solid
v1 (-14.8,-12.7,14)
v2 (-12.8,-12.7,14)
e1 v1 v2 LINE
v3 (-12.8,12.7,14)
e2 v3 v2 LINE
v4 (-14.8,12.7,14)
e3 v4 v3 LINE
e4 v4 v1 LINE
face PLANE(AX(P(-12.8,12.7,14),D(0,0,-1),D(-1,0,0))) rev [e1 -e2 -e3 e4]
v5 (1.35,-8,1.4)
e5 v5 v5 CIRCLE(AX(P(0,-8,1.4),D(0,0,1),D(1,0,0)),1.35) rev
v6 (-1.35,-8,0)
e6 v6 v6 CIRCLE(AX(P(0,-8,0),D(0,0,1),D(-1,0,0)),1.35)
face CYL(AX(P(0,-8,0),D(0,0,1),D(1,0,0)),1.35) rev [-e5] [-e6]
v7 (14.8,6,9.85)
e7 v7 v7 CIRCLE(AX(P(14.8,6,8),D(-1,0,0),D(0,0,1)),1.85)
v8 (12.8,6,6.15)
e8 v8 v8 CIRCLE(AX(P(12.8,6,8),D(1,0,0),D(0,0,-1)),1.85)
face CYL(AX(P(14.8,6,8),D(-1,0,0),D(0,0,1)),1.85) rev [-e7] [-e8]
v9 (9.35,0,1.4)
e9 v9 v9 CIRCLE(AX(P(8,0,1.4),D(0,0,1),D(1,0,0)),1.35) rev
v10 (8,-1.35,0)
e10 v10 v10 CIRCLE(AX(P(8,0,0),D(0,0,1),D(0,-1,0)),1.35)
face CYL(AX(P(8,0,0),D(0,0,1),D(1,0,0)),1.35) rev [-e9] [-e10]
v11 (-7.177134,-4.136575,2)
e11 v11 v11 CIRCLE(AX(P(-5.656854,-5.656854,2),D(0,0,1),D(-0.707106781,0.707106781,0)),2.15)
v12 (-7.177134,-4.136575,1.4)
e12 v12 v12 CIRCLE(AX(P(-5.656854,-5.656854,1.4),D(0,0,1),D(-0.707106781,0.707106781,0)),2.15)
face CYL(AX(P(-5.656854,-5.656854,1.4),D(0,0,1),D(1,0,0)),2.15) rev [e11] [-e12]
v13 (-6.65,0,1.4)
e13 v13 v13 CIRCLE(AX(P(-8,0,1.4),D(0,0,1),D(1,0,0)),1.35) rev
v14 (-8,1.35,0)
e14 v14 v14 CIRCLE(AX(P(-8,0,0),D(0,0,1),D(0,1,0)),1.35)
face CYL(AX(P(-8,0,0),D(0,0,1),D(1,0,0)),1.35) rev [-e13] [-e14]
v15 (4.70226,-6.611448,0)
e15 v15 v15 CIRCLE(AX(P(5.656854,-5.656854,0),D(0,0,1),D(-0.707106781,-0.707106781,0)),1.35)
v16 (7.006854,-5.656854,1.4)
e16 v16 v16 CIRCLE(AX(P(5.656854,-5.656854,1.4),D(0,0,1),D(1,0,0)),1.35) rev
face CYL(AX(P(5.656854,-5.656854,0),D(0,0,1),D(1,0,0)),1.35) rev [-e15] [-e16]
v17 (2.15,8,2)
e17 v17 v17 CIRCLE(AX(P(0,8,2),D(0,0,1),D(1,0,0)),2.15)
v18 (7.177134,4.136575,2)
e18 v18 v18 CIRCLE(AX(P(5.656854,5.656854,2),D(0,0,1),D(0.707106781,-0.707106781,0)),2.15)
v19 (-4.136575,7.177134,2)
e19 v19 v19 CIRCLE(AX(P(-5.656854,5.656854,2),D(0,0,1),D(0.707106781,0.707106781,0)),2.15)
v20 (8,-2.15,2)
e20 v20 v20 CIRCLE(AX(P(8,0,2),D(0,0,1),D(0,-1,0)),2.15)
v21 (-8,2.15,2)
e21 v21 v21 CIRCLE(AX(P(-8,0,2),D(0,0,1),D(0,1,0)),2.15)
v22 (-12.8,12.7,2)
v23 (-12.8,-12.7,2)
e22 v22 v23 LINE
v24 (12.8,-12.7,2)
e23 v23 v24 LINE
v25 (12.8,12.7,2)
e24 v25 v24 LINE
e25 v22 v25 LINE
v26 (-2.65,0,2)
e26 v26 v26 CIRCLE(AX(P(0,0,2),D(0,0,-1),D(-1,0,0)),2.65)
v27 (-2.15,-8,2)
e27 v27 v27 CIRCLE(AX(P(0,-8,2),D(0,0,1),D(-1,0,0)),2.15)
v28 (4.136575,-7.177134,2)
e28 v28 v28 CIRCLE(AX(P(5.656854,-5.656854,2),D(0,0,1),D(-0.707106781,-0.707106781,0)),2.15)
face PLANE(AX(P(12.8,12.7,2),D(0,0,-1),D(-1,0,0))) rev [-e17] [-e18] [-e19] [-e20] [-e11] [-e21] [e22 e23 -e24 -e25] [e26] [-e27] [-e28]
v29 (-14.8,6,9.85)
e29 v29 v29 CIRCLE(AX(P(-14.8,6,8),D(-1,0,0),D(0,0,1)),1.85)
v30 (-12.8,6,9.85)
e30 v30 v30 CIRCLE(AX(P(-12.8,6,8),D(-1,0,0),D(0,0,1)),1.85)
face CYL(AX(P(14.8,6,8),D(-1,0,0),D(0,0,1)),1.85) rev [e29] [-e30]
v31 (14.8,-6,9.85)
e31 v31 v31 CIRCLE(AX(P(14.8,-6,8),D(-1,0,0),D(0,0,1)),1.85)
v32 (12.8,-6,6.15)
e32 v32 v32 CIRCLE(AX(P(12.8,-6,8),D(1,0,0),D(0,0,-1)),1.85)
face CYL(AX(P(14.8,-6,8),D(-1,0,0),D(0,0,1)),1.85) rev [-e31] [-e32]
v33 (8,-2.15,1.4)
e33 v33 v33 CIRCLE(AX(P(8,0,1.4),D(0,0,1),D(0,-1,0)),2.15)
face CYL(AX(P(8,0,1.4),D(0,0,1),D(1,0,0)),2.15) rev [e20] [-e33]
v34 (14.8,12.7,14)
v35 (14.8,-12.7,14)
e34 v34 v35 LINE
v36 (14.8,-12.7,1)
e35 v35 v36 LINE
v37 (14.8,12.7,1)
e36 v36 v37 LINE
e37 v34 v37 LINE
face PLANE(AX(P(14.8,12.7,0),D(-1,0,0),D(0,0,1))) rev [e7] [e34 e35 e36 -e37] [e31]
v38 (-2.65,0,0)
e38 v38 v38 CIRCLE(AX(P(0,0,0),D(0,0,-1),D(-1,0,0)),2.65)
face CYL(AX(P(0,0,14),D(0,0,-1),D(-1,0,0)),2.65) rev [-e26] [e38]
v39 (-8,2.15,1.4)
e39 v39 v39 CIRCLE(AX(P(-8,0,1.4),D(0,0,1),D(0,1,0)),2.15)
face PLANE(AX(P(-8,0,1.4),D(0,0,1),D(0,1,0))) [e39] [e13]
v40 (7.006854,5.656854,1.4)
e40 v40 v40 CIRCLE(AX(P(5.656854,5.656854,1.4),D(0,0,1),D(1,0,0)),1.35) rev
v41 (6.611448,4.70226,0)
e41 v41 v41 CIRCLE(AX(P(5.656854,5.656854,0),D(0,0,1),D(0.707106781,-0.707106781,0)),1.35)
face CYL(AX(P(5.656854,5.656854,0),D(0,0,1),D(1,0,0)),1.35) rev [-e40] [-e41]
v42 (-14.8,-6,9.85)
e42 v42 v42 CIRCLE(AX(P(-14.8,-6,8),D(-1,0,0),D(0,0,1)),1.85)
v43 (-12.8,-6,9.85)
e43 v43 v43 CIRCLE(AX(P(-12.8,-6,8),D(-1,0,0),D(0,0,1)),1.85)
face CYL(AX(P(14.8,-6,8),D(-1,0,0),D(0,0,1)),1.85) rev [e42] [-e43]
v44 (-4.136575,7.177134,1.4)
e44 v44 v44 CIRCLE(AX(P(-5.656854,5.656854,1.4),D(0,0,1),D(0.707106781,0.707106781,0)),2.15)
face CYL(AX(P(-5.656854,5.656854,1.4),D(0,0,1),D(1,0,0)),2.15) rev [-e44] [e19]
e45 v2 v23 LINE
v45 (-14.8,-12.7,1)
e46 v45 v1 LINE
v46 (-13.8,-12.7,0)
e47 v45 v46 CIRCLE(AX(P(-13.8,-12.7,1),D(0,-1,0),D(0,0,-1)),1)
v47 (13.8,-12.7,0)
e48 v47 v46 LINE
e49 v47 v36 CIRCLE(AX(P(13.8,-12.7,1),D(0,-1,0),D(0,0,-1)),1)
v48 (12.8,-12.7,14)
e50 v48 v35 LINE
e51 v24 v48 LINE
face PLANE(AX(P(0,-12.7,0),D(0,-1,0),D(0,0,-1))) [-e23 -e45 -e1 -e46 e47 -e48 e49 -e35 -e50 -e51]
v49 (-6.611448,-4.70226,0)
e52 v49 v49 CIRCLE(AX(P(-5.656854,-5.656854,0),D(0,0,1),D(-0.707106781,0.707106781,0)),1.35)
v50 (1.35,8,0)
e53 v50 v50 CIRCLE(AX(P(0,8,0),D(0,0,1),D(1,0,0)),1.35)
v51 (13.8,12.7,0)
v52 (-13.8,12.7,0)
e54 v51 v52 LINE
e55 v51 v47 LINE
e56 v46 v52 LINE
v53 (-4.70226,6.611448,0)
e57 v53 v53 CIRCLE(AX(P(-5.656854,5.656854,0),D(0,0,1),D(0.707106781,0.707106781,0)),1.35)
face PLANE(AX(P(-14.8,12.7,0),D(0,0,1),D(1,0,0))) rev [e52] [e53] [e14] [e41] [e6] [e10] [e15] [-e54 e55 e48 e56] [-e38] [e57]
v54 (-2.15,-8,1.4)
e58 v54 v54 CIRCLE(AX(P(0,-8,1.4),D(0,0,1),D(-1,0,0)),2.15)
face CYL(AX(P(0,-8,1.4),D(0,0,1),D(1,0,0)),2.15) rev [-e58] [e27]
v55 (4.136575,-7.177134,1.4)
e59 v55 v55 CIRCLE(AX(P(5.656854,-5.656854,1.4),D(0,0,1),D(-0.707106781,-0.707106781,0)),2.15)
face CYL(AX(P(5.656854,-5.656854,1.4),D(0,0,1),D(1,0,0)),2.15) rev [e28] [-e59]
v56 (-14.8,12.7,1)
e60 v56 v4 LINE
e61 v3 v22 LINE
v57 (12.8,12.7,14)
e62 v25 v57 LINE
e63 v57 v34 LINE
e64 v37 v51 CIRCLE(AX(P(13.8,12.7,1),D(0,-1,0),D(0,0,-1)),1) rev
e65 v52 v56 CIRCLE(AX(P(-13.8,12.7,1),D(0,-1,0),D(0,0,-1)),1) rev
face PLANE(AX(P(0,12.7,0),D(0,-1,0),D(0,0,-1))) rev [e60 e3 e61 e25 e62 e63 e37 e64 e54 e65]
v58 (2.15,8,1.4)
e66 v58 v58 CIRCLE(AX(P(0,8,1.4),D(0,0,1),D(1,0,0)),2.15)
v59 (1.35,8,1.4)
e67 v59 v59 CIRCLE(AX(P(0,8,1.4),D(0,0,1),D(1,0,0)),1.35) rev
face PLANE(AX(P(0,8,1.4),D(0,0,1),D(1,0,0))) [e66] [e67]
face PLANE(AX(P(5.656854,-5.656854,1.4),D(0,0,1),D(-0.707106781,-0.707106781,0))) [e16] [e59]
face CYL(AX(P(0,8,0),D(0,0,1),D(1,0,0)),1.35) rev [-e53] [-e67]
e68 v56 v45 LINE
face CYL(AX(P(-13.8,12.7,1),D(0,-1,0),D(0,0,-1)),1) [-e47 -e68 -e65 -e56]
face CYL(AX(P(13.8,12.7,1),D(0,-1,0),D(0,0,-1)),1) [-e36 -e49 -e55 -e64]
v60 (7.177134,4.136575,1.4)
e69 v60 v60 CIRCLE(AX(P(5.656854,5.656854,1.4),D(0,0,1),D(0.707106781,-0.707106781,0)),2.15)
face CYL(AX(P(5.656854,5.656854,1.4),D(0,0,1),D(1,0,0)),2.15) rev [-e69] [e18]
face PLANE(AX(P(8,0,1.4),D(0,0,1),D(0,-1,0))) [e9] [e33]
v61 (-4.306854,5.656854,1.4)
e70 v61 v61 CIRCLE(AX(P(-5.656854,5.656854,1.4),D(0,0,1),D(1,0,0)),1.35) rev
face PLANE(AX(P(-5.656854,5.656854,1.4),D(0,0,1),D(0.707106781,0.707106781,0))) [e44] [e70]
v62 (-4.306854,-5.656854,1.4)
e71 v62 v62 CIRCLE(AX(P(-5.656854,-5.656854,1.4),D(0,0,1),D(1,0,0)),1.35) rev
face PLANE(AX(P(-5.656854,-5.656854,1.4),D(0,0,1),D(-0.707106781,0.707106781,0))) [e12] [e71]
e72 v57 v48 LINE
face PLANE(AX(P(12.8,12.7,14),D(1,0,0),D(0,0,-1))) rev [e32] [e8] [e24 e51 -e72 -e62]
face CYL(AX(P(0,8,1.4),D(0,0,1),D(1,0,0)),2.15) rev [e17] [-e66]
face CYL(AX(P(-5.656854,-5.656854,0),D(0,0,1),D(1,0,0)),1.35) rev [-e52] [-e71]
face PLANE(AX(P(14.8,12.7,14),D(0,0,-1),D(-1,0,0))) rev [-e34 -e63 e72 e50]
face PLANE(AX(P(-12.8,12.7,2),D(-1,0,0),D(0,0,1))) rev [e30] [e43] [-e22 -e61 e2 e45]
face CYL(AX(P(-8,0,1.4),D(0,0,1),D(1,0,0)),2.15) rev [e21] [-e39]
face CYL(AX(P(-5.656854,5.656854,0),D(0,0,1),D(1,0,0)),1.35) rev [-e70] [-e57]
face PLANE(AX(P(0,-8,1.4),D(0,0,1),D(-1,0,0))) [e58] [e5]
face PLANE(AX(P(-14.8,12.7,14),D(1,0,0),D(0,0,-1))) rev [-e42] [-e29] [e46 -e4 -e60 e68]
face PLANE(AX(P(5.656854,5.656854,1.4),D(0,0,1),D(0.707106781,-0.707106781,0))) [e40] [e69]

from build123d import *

# Parameters (mm, degrees)
BOSS_EXTRUDE1_DEPTH = 12.7
SKETCH2_R           = 1.85
CUT_EXTRUDE1_DEPTH  = 30.6
SKETCH3_R           = 2.65
CUT_EXTRUDE2_DEPTH  = 15
SKETCH4_R           = 1.35
CUT_EXTRUDE3_DEPTH  = 3
SKETCH5_R           = 2.15
CUT_EXTRUDE4_DEPTH  = 0.6
CIRPATTERN1_COUNT   = 8
FILLET1_R           = 1


with BuildPart() as part:
    # Sketch1 → Boss-Extrude1 (new body, symmetric)
    with BuildSketch(Plane(origin=(0, 0, 0), x_dir=(1, 0, 0), z_dir=(0, 1, 0))):
        Polygon((-14.8, 0), (14.8, 0), (14.8, -14), (12.8, -14), (12.8, -2), (-12.8, -2), (-12.8, -14), (-14.8, -14), align=None)
    extrude(amount=BOSS_EXTRUDE1_DEPTH, both=True)

    # Sketch2 → Cut-Extrude1 (cut, through all)
    with BuildSketch(Plane.ZY.offset(14.8)):
        with Locations((8, -6)):
            Circle(SKETCH2_R)
        with Locations((8, 6)):
            Circle(SKETCH2_R)
    extrude(amount=-CUT_EXTRUDE1_DEPTH, mode=Mode.SUBTRACT)

    # Sketch3 → Cut-Extrude2 (cut, through all)
    with BuildSketch(Plane(origin=(0, 0, 0), x_dir=(-1, 0, 0), z_dir=(0, 0, -1))):
        Circle(SKETCH3_R)
    extrude(amount=-CUT_EXTRUDE2_DEPTH, mode=Mode.SUBTRACT)

    # Sketch4 → Cut-Extrude3 (cut, through all)
    with BuildSketch(Plane.XY.offset(2)):
        with Locations((0, 8)):
            Circle(SKETCH4_R)
    cut_extrude3 = extrude(amount=-CUT_EXTRUDE3_DEPTH, mode=Mode.SUBTRACT)

    # Sketch5 → Cut-Extrude4 (cut)
    with BuildSketch(Plane.XY.offset(2)):
        with Locations((0, 8)):
            Circle(SKETCH5_R)
    cut_extrude4 = extrude(amount=-CUT_EXTRUDE4_DEPTH, mode=Mode.SUBTRACT)

    # CirPattern1: Cut-Extrude3, Cut-Extrude4 ×8 about axis
    cirpattern1_axis = Axis((0, 0, 0), (0, 0, 1))
    for i in range(1, CIRPATTERN1_COUNT):
        add(cut_extrude3.rotate(cirpattern1_axis, i * 360 / CIRPATTERN1_COUNT), mode=Mode.SUBTRACT)
        add(cut_extrude4.rotate(cirpattern1_axis, i * 360 / CIRPATTERN1_COUNT), mode=Mode.SUBTRACT)

    # Fillet1
    fillet1_edges = [part.edges().sort_by_distance(p)[0] for p in [
        (-14.8, 0, 0),
        (14.8, 0, 0),
    ]]
    fillet(fillet1_edges, radius=FILLET1_R)


solid = part.part
